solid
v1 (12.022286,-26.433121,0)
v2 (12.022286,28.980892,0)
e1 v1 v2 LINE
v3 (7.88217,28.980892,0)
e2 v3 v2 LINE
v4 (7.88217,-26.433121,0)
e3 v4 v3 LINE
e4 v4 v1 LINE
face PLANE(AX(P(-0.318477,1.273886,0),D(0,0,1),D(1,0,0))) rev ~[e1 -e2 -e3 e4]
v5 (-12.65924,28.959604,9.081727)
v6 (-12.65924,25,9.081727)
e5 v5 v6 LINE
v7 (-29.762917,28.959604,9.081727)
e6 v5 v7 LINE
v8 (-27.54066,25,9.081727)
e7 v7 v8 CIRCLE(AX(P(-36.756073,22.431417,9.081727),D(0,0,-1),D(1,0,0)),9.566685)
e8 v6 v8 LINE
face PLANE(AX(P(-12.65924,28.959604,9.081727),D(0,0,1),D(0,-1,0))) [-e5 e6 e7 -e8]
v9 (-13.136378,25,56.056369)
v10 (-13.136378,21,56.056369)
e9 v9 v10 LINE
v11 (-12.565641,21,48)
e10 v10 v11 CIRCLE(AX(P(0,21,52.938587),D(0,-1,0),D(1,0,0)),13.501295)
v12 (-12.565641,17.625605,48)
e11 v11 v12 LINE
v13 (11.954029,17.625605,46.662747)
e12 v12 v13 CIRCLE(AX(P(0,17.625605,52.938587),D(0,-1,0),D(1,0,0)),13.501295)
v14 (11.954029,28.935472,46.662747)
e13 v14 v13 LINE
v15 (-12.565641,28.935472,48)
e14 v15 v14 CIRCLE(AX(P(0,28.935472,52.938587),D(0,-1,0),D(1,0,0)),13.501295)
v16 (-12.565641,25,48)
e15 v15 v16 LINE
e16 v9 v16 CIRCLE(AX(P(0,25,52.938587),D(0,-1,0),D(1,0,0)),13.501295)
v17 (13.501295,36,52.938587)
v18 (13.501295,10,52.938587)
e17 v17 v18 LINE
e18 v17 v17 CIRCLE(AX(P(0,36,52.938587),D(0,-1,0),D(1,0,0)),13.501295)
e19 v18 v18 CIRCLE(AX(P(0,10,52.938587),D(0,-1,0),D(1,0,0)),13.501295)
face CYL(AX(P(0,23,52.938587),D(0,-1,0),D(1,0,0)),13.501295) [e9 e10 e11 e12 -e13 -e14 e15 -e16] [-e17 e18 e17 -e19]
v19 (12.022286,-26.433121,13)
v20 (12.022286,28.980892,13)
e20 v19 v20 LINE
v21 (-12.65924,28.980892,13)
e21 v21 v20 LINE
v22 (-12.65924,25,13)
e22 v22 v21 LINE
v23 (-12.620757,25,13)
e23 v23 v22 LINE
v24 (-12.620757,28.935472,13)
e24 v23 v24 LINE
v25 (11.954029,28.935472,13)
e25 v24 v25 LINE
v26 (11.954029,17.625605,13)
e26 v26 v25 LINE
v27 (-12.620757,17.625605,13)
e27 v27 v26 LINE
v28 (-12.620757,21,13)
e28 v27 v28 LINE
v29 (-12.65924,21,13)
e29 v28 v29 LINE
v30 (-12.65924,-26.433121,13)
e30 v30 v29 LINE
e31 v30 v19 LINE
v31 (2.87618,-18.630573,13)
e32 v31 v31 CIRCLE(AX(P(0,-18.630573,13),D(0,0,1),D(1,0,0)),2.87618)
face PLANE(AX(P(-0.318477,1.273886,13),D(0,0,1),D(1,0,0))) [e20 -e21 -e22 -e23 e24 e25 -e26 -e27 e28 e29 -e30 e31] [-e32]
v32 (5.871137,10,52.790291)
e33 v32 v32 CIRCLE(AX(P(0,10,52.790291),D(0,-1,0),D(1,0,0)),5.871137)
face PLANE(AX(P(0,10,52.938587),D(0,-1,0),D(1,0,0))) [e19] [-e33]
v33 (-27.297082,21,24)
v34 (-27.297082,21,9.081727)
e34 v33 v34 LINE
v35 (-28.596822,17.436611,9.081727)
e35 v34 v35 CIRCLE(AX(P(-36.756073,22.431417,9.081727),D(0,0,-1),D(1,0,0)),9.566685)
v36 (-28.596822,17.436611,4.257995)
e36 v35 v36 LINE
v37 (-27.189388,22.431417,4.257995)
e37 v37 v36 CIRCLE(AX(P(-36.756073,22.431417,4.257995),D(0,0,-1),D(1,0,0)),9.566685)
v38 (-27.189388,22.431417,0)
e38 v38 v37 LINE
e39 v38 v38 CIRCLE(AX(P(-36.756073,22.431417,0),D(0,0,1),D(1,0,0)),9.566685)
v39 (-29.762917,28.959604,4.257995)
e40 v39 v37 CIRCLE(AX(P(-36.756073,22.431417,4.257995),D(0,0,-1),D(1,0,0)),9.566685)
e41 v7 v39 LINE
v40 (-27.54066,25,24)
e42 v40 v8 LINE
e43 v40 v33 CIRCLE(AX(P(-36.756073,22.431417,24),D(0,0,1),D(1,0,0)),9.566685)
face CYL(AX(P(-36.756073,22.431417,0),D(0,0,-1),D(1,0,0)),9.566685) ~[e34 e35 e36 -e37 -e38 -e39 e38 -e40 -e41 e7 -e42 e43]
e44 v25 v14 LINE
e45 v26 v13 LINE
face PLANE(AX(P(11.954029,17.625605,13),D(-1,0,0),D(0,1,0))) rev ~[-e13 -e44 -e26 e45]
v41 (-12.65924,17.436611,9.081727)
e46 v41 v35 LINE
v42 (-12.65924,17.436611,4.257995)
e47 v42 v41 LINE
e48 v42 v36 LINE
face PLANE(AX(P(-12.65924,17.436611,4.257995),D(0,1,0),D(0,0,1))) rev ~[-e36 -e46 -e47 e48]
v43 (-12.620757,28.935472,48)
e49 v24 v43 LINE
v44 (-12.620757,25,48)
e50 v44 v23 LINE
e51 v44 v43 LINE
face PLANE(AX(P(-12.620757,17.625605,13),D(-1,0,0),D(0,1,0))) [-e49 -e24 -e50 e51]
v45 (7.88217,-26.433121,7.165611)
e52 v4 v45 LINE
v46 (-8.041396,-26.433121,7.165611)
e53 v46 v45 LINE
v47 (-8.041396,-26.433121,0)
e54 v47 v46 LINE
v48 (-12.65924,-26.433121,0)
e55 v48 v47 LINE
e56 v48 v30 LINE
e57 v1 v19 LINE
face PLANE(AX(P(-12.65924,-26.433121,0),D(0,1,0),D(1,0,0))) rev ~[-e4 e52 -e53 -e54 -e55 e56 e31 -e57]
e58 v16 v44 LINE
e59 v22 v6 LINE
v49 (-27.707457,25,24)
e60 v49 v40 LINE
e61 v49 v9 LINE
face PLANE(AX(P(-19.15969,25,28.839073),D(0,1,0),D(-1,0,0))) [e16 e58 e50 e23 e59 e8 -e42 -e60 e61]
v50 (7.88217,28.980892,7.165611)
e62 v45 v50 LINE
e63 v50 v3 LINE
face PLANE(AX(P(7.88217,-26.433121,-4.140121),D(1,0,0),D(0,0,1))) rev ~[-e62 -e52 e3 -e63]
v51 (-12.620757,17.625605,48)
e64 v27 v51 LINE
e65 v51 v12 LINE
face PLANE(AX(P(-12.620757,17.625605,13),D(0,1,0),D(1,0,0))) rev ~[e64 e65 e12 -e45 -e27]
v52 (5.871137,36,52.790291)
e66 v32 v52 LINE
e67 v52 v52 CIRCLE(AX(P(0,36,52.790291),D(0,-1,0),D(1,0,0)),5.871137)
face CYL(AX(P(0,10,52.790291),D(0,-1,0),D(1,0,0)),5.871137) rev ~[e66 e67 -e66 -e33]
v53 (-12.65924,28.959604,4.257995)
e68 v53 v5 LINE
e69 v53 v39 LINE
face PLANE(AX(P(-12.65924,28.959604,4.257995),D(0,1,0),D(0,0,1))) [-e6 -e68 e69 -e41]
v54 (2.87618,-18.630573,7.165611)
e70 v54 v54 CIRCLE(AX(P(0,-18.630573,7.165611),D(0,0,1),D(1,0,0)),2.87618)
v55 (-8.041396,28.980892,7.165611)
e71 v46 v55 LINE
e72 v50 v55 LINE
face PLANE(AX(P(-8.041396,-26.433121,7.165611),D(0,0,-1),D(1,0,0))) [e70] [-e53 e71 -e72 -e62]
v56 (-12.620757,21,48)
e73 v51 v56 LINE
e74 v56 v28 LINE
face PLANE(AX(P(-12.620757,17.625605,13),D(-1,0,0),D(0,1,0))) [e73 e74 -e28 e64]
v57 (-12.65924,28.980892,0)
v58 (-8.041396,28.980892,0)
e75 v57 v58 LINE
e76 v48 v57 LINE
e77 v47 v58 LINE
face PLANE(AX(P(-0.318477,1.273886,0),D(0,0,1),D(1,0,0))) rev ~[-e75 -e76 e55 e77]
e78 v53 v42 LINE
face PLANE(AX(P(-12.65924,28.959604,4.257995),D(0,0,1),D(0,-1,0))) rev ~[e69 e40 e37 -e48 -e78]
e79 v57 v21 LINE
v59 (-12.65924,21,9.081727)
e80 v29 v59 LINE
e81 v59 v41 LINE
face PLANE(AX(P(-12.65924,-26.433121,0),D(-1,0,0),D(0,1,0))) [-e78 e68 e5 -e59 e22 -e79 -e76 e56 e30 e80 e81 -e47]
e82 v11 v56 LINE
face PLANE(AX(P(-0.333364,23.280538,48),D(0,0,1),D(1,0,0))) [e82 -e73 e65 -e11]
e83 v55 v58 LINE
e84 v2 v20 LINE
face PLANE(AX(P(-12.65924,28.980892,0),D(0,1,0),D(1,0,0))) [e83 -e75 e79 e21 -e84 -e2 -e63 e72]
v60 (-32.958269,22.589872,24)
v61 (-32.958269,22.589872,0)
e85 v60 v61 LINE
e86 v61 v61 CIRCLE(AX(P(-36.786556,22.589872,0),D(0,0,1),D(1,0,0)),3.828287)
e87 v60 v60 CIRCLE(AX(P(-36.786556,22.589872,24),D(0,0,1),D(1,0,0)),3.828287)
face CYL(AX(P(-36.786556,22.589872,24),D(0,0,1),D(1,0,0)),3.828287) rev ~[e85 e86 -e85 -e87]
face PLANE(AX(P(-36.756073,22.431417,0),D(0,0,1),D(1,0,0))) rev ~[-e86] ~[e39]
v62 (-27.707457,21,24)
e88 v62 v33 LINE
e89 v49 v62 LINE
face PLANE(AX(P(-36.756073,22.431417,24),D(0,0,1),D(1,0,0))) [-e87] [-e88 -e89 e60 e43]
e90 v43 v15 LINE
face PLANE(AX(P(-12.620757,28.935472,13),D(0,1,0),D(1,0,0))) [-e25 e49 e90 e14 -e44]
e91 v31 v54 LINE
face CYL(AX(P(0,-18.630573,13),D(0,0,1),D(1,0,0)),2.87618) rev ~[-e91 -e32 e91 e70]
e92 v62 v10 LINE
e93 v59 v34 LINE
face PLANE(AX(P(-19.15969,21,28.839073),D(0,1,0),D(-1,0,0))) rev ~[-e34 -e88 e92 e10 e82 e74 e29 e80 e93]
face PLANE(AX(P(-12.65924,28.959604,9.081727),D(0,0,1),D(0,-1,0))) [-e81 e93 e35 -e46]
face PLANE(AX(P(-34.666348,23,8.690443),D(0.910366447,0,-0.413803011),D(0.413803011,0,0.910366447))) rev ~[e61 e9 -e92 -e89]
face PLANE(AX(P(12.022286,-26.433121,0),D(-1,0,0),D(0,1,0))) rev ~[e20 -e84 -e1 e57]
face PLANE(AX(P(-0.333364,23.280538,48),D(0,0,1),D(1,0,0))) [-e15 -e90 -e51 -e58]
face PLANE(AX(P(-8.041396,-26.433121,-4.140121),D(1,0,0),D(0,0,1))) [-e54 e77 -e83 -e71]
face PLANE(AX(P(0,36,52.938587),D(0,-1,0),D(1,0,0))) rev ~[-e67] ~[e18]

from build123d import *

# Parameters (mm, degrees)
SKETCH_W        = 24.681526
SKETCH_H        = 55.414013
PAD_DEPTH       = 13
SKETCH001_W     = 15.923566
SKETCH001_H     = 11.305732
POCKET_DEPTH    = 55.415013
SKETCH002_R     = 2.87618
POCKET001_DEPTH = 13.001
SKETCH003_W     = 24.574786
SKETCH003_H     = 11.309867
PAD001_DEPTH    = 35
SKETCH004_W     = 11.522993
SKETCH004_H     = 4.823732
PAD002_DEPTH    = 22
PAD003_DEPTH    = 2
SKETCH006_R     = 9.566685
PAD004_DEPTH    = 24
SKETCH007_R     = 3.828287
POCKET002_DEPTH = 24.001
SKETCH008_R     = 13.5012954455
PAD005_DEPTH    = 13
SKETCH009_R     = 5.871137
POCKET003_DEPTH = 26.001


with BuildPart() as part:
    # Sketch → Pad (new body)
    with BuildSketch(Plane.XY):
        with Locations((-0.318477, 1.2738855)):
            Rectangle(SKETCH_W, SKETCH_H)
    extrude(amount=PAD_DEPTH)

    # Sketch001 (on Face3 of Pad) → Pocket (cut, through all)
    with BuildSketch(Plane.XZ.offset(26.433121)):
        with Locations((-0.079613, 1.512745)):
            Rectangle(SKETCH001_W, SKETCH001_H)
    extrude(amount=-POCKET_DEPTH, mode=Mode.SUBTRACT)

    # Sketch002 (on Face8 of Pocket) → Pocket001 (cut, through all)
    with BuildSketch(Plane.XY.offset(13)):
        with Locations((0, -18.630573)):
            Circle(SKETCH002_R)
    extrude(amount=-POCKET001_DEPTH, mode=Mode.SUBTRACT)

    # Sketch003 (on Face8 of Pocket001) → Pad001 (join)
    with BuildSketch(Plane.XY.offset(13)):
        with Locations((-0.333364, 23.2805385)):
            Rectangle(SKETCH003_W, SKETCH003_H)
    extrude(amount=PAD001_DEPTH)

    # Sketch004 (on Face9 of Pad001) → Pad002 (join)
    with BuildSketch(Plane(origin=(-12.65924, 0, 0), x_dir=(0, -1, 0), z_dir=(-1, 0, 0))):
        with Locations((-23.1981075, 6.669861)):
            Rectangle(SKETCH004_W, SKETCH004_H)
    extrude(amount=PAD002_DEPTH)

    # Sketch005 → Pad003 (join, symmetric)
    with BuildSketch(Plane.XZ.offset(-23)):
        Polygon((-34.666348, 8.690443), (-12.38179, 57.716461), (-12.38179, 8.690443), align=None)
    extrude(amount=PAD003_DEPTH, both=True)

    # Sketch006 → Pad004 (join)
    with BuildSketch(Plane.XY):
        with Locations((-36.756073, 22.431417)):
            Circle(SKETCH006_R)
    extrude(amount=PAD004_DEPTH)

    # Sketch007 (on Face27 of Pad004) → Pocket002 (cut, through all)
    with BuildSketch(Plane.XY.offset(24)):
        with Locations((-36.786556, 22.589872)):
            Circle(SKETCH007_R)
    extrude(amount=-POCKET002_DEPTH, mode=Mode.SUBTRACT)

    # Sketch008 → Pad005 (join, symmetric)
    with BuildSketch(Plane.XZ.offset(-23)):
        with Locations((0, 52.938587)):
            Circle(SKETCH008_R)
    extrude(amount=PAD005_DEPTH, both=True)

    # Sketch009 (on Face31 of Pad005) → Pocket003 (cut, through all)
    with BuildSketch(Plane.XZ.offset(-10)):
        with Locations((0, 52.790291)):
            Circle(SKETCH009_R)
    extrude(amount=-POCKET003_DEPTH, mode=Mode.SUBTRACT)


solid = part.part
